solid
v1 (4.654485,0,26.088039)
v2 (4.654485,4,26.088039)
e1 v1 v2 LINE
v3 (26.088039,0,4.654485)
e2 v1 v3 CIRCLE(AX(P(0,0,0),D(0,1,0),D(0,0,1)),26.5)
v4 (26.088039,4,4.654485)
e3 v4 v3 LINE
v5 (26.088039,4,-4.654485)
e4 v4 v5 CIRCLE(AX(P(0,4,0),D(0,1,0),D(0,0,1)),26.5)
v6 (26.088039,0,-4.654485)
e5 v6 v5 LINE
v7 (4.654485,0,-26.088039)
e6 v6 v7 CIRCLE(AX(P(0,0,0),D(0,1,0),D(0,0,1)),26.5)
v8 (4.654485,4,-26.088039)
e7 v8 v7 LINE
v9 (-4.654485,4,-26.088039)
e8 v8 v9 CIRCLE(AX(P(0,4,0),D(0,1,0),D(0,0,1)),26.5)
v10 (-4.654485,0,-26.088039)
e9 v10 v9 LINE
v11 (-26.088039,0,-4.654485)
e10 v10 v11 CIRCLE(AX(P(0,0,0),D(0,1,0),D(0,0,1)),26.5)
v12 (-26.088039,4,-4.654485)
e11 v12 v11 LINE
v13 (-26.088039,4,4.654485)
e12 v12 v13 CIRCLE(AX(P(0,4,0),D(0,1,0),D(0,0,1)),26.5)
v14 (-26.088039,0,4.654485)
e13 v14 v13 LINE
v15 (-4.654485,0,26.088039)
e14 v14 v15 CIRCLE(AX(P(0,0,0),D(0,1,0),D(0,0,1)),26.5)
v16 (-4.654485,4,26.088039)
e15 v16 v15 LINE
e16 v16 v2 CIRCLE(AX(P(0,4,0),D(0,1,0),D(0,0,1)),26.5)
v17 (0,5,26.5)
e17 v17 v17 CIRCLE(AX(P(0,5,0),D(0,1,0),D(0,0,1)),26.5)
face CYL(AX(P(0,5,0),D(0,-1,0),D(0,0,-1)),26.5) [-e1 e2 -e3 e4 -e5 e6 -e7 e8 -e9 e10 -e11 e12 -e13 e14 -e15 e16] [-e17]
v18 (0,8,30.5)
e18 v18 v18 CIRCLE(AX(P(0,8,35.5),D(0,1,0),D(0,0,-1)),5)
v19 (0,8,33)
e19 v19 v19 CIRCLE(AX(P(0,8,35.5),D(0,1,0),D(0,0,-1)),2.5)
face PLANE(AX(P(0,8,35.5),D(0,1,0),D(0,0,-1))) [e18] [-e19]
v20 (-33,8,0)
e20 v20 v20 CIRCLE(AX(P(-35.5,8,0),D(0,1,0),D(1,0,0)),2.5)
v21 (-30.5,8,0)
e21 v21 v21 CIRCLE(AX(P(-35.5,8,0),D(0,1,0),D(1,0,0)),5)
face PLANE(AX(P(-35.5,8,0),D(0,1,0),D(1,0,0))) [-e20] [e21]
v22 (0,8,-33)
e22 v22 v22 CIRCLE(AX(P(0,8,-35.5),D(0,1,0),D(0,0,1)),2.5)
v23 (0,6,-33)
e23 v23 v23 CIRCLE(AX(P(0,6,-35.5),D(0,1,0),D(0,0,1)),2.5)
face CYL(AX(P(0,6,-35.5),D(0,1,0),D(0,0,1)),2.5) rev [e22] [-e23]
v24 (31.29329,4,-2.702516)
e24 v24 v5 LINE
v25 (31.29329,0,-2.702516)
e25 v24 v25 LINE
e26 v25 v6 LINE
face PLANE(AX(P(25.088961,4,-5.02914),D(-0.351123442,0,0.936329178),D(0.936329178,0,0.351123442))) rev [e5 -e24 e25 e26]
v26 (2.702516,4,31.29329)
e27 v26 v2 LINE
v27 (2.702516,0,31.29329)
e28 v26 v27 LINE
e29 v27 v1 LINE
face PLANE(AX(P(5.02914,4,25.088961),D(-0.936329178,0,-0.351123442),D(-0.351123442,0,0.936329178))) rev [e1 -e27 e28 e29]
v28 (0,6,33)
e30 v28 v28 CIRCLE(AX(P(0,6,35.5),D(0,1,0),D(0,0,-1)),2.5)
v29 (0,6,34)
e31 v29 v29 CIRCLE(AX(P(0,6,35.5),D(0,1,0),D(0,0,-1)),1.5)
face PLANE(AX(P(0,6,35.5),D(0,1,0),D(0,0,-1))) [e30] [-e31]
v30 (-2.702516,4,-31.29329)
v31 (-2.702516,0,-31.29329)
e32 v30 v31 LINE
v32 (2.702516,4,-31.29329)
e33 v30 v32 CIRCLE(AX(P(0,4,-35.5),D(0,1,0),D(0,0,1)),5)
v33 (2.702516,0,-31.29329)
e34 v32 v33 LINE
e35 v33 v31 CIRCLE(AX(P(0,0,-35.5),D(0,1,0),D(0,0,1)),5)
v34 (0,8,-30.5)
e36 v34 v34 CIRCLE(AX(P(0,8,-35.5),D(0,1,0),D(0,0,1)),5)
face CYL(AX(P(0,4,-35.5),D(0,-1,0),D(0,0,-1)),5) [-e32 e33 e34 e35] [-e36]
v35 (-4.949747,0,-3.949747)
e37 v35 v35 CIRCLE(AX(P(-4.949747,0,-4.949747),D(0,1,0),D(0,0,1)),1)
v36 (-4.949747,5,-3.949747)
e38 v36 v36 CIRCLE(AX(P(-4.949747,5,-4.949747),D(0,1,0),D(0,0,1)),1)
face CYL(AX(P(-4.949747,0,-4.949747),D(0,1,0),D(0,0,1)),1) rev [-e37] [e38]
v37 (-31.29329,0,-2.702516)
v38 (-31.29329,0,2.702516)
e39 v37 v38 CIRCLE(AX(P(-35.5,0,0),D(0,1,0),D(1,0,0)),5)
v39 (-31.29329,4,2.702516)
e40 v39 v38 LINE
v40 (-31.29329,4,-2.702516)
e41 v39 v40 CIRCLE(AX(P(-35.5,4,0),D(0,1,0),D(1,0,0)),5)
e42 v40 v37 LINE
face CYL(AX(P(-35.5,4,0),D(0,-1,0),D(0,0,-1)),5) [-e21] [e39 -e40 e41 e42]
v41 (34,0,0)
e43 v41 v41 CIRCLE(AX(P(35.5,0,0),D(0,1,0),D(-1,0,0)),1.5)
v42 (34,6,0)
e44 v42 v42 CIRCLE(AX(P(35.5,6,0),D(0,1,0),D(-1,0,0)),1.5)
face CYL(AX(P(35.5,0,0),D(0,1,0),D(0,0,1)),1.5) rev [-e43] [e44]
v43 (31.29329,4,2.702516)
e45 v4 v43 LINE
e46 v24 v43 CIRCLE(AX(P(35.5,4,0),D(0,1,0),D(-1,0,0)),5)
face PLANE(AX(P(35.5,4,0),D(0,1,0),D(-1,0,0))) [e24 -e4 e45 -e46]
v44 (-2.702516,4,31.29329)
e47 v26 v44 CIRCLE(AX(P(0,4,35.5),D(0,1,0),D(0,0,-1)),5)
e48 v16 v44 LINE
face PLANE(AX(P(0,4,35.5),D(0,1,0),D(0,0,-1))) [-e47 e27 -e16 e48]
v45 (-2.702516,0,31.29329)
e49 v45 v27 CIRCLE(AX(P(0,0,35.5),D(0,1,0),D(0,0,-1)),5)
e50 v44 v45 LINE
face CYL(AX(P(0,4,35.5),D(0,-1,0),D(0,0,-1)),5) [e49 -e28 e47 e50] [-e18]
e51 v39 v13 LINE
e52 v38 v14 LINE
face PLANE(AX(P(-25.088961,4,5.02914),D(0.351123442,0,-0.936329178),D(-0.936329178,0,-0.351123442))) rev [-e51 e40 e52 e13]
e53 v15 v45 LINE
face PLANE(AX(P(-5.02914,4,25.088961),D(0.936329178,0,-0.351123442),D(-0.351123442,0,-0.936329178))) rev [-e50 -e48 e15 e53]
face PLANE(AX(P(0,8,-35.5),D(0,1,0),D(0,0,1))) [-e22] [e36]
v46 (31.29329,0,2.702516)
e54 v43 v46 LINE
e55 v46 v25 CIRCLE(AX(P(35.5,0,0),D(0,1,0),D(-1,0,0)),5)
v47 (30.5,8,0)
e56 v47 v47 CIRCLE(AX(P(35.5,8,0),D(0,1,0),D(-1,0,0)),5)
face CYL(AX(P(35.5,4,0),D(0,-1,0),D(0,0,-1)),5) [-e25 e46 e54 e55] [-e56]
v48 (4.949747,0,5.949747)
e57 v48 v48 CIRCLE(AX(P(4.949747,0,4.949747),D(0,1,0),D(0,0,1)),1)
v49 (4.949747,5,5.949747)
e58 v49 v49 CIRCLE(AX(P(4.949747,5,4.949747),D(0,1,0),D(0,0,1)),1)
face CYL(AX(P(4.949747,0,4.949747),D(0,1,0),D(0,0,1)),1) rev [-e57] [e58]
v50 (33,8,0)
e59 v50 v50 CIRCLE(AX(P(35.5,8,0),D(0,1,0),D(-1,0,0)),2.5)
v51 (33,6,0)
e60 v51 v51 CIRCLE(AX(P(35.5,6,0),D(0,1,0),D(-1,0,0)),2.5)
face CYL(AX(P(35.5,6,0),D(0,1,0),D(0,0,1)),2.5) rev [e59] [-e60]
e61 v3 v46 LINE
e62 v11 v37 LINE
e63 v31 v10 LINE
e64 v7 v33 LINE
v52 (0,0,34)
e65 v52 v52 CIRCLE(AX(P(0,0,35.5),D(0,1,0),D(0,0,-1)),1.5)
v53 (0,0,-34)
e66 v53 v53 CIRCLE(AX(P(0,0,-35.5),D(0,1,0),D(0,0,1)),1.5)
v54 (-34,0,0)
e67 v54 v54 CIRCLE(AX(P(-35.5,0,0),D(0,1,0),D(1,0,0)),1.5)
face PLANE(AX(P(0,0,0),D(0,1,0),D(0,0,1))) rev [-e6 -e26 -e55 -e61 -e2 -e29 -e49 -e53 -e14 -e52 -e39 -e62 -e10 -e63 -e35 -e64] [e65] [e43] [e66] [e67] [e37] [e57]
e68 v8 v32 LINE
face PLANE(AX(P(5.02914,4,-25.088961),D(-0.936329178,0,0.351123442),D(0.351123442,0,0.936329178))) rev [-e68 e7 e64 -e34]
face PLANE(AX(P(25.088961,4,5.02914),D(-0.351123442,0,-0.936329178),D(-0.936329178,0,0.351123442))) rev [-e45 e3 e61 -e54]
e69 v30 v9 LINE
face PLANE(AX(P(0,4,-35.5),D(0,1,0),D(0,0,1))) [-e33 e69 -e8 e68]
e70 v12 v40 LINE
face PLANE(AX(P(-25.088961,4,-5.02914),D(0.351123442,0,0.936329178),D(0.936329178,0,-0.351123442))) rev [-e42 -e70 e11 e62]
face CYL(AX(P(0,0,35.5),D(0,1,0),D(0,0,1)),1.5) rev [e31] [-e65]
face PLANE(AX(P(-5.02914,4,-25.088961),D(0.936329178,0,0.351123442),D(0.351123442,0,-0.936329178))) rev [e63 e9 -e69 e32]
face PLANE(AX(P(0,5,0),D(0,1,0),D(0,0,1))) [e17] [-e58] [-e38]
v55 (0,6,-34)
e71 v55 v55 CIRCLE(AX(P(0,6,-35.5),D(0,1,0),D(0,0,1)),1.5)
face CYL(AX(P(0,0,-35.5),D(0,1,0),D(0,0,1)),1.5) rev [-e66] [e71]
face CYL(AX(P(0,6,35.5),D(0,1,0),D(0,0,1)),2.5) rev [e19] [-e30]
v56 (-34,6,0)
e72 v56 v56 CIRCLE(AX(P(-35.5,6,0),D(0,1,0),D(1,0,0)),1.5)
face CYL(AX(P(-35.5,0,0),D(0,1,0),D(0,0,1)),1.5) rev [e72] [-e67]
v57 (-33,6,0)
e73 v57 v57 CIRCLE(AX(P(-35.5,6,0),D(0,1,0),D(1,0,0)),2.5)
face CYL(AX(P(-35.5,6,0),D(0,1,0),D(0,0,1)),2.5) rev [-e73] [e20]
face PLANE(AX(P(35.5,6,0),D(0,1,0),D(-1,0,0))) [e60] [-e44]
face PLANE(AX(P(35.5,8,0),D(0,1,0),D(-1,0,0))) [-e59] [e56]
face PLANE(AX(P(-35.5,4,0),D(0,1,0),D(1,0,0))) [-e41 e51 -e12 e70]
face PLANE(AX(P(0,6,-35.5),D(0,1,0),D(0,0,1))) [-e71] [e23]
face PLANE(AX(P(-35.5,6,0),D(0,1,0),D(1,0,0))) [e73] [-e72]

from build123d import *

# Parameters (mm, degrees)
CROQUIS1_R              = 26.5
SALIENTE_EXTRUIR1_DEPTH = 5
SALIENTE_EXTRUIR2_DEPTH = 4
CROQUIS3_R              = 5
SALIENTE_EXTRUIR3_DEPTH = 4
CROQUIS4_R              = 2.5
CORTAR_EXTRUIR1_DEPTH   = 2
CROQUIS5_R              = 1.5
CORTAR_EXTRUIR2_DEPTH   = 49.769867746
MATRIZC1_COUNT          = 4
CROQUIS6_R              = 1
CORTAR_EXTRUIR3_DEPTH   = 58.493477891


with BuildPart() as part:
    # Croquis1 → Saliente-Extruir1 (new body)
    with BuildSketch(Plane(origin=(0, 0, 0), x_dir=(1, 0, 0), z_dir=(0, 1, 0))):
        with Locations(Location((0, 0, 0), (0, 0, 270))):
            Circle(CROQUIS1_R)
    extrude(amount=SALIENTE_EXTRUIR1_DEPTH)

    # Croquis2 → Saliente-Extruir2 (add)
    with BuildSketch(Plane(origin=(0, 0, 0), x_dir=(1, 0, 0), z_dir=(0, 1, 0))):
        with BuildLine():
            Line((-5.029139679, 25.088960855), (-2.702516138, 31.293290297))
            ThreePointArc((-2.702516138, 31.293290297), (0, 40.5), (2.702516138, 31.293290297))
            Line((2.702516138, 31.293290297), (5.029139679, 25.088960855))
            Line((5.029139679, 25.088960855), (-5.029139679, 25.088960855))
        make_face()
    saliente_extruir2 = extrude(amount=SALIENTE_EXTRUIR2_DEPTH)

    # Croquis3 → Saliente-Extruir3 (add)
    with BuildSketch(Plane(origin=(0, 4, 0), x_dir=(1, 0, 0), z_dir=(0, 1, 0))):
        with Locations(Location((0, 35.5, 0), (0, 0, 237.282097692))):
            Circle(CROQUIS3_R)
    saliente_extruir3 = extrude(amount=SALIENTE_EXTRUIR3_DEPTH)

    # Croquis4 → Cortar-Extruir1 (cut)
    with BuildSketch(Plane(origin=(0, 8, 0), x_dir=(1, 0, 0), z_dir=(0, 1, 0))):
        with Locations(Location((0, 35.5, 0), (0, 0, 270))):
            Circle(CROQUIS4_R)
    cortar_extruir1 = extrude(amount=-CORTAR_EXTRUIR1_DEPTH, mode=Mode.SUBTRACT)

    # Croquis5 → Cortar-Extruir2 (cut, through all)
    with BuildSketch(Plane(origin=(0, 6, 0), x_dir=(1, 0, 0), z_dir=(0, 1, 0))):
        with Locations(Location((0, 35.5, 0), (0, 0, 270))):
            Circle(CROQUIS5_R)
    cortar_extruir2 = extrude(amount=-CORTAR_EXTRUIR2_DEPTH, mode=Mode.SUBTRACT)

    # MatrizC1: Saliente-Extruir2, Saliente-Extruir3, Cortar-Extruir1, Cortar-Extruir2 ×4 about axis
    matrizc1_axis = Axis((0, 0, 0), (0, 1, 0))
    add([saliente_extruir2.rotate(matrizc1_axis, i * 360 / MATRIZC1_COUNT) for i in range(1, MATRIZC1_COUNT)])
    add([saliente_extruir3.rotate(matrizc1_axis, i * 360 / MATRIZC1_COUNT) for i in range(1, MATRIZC1_COUNT)])
    add([cortar_extruir1.rotate(matrizc1_axis, i * 360 / MATRIZC1_COUNT) for i in range(1, MATRIZC1_COUNT)], mode=Mode.SUBTRACT)
    add([cortar_extruir2.rotate(matrizc1_axis, i * 360 / MATRIZC1_COUNT) for i in range(1, MATRIZC1_COUNT)], mode=Mode.SUBTRACT)

    # Croquis6 → Cortar-Extruir3 (cut, through all)
    with BuildSketch(Plane(origin=(0, 5, 0), x_dir=(1, 0, 0), z_dir=(0, 1, 0))):
        with Locations(Location((-4.949747468, 4.949747468, 0), (0, 0, 270))):
            Circle(CROQUIS6_R)
        with Locations(Location((4.949747468, -4.949747468, 0), (0, 0, 270))):
            Circle(CROQUIS6_R)
    extrude(amount=-CORTAR_EXTRUIR3_DEPTH, mode=Mode.SUBTRACT)


solid = part.part
